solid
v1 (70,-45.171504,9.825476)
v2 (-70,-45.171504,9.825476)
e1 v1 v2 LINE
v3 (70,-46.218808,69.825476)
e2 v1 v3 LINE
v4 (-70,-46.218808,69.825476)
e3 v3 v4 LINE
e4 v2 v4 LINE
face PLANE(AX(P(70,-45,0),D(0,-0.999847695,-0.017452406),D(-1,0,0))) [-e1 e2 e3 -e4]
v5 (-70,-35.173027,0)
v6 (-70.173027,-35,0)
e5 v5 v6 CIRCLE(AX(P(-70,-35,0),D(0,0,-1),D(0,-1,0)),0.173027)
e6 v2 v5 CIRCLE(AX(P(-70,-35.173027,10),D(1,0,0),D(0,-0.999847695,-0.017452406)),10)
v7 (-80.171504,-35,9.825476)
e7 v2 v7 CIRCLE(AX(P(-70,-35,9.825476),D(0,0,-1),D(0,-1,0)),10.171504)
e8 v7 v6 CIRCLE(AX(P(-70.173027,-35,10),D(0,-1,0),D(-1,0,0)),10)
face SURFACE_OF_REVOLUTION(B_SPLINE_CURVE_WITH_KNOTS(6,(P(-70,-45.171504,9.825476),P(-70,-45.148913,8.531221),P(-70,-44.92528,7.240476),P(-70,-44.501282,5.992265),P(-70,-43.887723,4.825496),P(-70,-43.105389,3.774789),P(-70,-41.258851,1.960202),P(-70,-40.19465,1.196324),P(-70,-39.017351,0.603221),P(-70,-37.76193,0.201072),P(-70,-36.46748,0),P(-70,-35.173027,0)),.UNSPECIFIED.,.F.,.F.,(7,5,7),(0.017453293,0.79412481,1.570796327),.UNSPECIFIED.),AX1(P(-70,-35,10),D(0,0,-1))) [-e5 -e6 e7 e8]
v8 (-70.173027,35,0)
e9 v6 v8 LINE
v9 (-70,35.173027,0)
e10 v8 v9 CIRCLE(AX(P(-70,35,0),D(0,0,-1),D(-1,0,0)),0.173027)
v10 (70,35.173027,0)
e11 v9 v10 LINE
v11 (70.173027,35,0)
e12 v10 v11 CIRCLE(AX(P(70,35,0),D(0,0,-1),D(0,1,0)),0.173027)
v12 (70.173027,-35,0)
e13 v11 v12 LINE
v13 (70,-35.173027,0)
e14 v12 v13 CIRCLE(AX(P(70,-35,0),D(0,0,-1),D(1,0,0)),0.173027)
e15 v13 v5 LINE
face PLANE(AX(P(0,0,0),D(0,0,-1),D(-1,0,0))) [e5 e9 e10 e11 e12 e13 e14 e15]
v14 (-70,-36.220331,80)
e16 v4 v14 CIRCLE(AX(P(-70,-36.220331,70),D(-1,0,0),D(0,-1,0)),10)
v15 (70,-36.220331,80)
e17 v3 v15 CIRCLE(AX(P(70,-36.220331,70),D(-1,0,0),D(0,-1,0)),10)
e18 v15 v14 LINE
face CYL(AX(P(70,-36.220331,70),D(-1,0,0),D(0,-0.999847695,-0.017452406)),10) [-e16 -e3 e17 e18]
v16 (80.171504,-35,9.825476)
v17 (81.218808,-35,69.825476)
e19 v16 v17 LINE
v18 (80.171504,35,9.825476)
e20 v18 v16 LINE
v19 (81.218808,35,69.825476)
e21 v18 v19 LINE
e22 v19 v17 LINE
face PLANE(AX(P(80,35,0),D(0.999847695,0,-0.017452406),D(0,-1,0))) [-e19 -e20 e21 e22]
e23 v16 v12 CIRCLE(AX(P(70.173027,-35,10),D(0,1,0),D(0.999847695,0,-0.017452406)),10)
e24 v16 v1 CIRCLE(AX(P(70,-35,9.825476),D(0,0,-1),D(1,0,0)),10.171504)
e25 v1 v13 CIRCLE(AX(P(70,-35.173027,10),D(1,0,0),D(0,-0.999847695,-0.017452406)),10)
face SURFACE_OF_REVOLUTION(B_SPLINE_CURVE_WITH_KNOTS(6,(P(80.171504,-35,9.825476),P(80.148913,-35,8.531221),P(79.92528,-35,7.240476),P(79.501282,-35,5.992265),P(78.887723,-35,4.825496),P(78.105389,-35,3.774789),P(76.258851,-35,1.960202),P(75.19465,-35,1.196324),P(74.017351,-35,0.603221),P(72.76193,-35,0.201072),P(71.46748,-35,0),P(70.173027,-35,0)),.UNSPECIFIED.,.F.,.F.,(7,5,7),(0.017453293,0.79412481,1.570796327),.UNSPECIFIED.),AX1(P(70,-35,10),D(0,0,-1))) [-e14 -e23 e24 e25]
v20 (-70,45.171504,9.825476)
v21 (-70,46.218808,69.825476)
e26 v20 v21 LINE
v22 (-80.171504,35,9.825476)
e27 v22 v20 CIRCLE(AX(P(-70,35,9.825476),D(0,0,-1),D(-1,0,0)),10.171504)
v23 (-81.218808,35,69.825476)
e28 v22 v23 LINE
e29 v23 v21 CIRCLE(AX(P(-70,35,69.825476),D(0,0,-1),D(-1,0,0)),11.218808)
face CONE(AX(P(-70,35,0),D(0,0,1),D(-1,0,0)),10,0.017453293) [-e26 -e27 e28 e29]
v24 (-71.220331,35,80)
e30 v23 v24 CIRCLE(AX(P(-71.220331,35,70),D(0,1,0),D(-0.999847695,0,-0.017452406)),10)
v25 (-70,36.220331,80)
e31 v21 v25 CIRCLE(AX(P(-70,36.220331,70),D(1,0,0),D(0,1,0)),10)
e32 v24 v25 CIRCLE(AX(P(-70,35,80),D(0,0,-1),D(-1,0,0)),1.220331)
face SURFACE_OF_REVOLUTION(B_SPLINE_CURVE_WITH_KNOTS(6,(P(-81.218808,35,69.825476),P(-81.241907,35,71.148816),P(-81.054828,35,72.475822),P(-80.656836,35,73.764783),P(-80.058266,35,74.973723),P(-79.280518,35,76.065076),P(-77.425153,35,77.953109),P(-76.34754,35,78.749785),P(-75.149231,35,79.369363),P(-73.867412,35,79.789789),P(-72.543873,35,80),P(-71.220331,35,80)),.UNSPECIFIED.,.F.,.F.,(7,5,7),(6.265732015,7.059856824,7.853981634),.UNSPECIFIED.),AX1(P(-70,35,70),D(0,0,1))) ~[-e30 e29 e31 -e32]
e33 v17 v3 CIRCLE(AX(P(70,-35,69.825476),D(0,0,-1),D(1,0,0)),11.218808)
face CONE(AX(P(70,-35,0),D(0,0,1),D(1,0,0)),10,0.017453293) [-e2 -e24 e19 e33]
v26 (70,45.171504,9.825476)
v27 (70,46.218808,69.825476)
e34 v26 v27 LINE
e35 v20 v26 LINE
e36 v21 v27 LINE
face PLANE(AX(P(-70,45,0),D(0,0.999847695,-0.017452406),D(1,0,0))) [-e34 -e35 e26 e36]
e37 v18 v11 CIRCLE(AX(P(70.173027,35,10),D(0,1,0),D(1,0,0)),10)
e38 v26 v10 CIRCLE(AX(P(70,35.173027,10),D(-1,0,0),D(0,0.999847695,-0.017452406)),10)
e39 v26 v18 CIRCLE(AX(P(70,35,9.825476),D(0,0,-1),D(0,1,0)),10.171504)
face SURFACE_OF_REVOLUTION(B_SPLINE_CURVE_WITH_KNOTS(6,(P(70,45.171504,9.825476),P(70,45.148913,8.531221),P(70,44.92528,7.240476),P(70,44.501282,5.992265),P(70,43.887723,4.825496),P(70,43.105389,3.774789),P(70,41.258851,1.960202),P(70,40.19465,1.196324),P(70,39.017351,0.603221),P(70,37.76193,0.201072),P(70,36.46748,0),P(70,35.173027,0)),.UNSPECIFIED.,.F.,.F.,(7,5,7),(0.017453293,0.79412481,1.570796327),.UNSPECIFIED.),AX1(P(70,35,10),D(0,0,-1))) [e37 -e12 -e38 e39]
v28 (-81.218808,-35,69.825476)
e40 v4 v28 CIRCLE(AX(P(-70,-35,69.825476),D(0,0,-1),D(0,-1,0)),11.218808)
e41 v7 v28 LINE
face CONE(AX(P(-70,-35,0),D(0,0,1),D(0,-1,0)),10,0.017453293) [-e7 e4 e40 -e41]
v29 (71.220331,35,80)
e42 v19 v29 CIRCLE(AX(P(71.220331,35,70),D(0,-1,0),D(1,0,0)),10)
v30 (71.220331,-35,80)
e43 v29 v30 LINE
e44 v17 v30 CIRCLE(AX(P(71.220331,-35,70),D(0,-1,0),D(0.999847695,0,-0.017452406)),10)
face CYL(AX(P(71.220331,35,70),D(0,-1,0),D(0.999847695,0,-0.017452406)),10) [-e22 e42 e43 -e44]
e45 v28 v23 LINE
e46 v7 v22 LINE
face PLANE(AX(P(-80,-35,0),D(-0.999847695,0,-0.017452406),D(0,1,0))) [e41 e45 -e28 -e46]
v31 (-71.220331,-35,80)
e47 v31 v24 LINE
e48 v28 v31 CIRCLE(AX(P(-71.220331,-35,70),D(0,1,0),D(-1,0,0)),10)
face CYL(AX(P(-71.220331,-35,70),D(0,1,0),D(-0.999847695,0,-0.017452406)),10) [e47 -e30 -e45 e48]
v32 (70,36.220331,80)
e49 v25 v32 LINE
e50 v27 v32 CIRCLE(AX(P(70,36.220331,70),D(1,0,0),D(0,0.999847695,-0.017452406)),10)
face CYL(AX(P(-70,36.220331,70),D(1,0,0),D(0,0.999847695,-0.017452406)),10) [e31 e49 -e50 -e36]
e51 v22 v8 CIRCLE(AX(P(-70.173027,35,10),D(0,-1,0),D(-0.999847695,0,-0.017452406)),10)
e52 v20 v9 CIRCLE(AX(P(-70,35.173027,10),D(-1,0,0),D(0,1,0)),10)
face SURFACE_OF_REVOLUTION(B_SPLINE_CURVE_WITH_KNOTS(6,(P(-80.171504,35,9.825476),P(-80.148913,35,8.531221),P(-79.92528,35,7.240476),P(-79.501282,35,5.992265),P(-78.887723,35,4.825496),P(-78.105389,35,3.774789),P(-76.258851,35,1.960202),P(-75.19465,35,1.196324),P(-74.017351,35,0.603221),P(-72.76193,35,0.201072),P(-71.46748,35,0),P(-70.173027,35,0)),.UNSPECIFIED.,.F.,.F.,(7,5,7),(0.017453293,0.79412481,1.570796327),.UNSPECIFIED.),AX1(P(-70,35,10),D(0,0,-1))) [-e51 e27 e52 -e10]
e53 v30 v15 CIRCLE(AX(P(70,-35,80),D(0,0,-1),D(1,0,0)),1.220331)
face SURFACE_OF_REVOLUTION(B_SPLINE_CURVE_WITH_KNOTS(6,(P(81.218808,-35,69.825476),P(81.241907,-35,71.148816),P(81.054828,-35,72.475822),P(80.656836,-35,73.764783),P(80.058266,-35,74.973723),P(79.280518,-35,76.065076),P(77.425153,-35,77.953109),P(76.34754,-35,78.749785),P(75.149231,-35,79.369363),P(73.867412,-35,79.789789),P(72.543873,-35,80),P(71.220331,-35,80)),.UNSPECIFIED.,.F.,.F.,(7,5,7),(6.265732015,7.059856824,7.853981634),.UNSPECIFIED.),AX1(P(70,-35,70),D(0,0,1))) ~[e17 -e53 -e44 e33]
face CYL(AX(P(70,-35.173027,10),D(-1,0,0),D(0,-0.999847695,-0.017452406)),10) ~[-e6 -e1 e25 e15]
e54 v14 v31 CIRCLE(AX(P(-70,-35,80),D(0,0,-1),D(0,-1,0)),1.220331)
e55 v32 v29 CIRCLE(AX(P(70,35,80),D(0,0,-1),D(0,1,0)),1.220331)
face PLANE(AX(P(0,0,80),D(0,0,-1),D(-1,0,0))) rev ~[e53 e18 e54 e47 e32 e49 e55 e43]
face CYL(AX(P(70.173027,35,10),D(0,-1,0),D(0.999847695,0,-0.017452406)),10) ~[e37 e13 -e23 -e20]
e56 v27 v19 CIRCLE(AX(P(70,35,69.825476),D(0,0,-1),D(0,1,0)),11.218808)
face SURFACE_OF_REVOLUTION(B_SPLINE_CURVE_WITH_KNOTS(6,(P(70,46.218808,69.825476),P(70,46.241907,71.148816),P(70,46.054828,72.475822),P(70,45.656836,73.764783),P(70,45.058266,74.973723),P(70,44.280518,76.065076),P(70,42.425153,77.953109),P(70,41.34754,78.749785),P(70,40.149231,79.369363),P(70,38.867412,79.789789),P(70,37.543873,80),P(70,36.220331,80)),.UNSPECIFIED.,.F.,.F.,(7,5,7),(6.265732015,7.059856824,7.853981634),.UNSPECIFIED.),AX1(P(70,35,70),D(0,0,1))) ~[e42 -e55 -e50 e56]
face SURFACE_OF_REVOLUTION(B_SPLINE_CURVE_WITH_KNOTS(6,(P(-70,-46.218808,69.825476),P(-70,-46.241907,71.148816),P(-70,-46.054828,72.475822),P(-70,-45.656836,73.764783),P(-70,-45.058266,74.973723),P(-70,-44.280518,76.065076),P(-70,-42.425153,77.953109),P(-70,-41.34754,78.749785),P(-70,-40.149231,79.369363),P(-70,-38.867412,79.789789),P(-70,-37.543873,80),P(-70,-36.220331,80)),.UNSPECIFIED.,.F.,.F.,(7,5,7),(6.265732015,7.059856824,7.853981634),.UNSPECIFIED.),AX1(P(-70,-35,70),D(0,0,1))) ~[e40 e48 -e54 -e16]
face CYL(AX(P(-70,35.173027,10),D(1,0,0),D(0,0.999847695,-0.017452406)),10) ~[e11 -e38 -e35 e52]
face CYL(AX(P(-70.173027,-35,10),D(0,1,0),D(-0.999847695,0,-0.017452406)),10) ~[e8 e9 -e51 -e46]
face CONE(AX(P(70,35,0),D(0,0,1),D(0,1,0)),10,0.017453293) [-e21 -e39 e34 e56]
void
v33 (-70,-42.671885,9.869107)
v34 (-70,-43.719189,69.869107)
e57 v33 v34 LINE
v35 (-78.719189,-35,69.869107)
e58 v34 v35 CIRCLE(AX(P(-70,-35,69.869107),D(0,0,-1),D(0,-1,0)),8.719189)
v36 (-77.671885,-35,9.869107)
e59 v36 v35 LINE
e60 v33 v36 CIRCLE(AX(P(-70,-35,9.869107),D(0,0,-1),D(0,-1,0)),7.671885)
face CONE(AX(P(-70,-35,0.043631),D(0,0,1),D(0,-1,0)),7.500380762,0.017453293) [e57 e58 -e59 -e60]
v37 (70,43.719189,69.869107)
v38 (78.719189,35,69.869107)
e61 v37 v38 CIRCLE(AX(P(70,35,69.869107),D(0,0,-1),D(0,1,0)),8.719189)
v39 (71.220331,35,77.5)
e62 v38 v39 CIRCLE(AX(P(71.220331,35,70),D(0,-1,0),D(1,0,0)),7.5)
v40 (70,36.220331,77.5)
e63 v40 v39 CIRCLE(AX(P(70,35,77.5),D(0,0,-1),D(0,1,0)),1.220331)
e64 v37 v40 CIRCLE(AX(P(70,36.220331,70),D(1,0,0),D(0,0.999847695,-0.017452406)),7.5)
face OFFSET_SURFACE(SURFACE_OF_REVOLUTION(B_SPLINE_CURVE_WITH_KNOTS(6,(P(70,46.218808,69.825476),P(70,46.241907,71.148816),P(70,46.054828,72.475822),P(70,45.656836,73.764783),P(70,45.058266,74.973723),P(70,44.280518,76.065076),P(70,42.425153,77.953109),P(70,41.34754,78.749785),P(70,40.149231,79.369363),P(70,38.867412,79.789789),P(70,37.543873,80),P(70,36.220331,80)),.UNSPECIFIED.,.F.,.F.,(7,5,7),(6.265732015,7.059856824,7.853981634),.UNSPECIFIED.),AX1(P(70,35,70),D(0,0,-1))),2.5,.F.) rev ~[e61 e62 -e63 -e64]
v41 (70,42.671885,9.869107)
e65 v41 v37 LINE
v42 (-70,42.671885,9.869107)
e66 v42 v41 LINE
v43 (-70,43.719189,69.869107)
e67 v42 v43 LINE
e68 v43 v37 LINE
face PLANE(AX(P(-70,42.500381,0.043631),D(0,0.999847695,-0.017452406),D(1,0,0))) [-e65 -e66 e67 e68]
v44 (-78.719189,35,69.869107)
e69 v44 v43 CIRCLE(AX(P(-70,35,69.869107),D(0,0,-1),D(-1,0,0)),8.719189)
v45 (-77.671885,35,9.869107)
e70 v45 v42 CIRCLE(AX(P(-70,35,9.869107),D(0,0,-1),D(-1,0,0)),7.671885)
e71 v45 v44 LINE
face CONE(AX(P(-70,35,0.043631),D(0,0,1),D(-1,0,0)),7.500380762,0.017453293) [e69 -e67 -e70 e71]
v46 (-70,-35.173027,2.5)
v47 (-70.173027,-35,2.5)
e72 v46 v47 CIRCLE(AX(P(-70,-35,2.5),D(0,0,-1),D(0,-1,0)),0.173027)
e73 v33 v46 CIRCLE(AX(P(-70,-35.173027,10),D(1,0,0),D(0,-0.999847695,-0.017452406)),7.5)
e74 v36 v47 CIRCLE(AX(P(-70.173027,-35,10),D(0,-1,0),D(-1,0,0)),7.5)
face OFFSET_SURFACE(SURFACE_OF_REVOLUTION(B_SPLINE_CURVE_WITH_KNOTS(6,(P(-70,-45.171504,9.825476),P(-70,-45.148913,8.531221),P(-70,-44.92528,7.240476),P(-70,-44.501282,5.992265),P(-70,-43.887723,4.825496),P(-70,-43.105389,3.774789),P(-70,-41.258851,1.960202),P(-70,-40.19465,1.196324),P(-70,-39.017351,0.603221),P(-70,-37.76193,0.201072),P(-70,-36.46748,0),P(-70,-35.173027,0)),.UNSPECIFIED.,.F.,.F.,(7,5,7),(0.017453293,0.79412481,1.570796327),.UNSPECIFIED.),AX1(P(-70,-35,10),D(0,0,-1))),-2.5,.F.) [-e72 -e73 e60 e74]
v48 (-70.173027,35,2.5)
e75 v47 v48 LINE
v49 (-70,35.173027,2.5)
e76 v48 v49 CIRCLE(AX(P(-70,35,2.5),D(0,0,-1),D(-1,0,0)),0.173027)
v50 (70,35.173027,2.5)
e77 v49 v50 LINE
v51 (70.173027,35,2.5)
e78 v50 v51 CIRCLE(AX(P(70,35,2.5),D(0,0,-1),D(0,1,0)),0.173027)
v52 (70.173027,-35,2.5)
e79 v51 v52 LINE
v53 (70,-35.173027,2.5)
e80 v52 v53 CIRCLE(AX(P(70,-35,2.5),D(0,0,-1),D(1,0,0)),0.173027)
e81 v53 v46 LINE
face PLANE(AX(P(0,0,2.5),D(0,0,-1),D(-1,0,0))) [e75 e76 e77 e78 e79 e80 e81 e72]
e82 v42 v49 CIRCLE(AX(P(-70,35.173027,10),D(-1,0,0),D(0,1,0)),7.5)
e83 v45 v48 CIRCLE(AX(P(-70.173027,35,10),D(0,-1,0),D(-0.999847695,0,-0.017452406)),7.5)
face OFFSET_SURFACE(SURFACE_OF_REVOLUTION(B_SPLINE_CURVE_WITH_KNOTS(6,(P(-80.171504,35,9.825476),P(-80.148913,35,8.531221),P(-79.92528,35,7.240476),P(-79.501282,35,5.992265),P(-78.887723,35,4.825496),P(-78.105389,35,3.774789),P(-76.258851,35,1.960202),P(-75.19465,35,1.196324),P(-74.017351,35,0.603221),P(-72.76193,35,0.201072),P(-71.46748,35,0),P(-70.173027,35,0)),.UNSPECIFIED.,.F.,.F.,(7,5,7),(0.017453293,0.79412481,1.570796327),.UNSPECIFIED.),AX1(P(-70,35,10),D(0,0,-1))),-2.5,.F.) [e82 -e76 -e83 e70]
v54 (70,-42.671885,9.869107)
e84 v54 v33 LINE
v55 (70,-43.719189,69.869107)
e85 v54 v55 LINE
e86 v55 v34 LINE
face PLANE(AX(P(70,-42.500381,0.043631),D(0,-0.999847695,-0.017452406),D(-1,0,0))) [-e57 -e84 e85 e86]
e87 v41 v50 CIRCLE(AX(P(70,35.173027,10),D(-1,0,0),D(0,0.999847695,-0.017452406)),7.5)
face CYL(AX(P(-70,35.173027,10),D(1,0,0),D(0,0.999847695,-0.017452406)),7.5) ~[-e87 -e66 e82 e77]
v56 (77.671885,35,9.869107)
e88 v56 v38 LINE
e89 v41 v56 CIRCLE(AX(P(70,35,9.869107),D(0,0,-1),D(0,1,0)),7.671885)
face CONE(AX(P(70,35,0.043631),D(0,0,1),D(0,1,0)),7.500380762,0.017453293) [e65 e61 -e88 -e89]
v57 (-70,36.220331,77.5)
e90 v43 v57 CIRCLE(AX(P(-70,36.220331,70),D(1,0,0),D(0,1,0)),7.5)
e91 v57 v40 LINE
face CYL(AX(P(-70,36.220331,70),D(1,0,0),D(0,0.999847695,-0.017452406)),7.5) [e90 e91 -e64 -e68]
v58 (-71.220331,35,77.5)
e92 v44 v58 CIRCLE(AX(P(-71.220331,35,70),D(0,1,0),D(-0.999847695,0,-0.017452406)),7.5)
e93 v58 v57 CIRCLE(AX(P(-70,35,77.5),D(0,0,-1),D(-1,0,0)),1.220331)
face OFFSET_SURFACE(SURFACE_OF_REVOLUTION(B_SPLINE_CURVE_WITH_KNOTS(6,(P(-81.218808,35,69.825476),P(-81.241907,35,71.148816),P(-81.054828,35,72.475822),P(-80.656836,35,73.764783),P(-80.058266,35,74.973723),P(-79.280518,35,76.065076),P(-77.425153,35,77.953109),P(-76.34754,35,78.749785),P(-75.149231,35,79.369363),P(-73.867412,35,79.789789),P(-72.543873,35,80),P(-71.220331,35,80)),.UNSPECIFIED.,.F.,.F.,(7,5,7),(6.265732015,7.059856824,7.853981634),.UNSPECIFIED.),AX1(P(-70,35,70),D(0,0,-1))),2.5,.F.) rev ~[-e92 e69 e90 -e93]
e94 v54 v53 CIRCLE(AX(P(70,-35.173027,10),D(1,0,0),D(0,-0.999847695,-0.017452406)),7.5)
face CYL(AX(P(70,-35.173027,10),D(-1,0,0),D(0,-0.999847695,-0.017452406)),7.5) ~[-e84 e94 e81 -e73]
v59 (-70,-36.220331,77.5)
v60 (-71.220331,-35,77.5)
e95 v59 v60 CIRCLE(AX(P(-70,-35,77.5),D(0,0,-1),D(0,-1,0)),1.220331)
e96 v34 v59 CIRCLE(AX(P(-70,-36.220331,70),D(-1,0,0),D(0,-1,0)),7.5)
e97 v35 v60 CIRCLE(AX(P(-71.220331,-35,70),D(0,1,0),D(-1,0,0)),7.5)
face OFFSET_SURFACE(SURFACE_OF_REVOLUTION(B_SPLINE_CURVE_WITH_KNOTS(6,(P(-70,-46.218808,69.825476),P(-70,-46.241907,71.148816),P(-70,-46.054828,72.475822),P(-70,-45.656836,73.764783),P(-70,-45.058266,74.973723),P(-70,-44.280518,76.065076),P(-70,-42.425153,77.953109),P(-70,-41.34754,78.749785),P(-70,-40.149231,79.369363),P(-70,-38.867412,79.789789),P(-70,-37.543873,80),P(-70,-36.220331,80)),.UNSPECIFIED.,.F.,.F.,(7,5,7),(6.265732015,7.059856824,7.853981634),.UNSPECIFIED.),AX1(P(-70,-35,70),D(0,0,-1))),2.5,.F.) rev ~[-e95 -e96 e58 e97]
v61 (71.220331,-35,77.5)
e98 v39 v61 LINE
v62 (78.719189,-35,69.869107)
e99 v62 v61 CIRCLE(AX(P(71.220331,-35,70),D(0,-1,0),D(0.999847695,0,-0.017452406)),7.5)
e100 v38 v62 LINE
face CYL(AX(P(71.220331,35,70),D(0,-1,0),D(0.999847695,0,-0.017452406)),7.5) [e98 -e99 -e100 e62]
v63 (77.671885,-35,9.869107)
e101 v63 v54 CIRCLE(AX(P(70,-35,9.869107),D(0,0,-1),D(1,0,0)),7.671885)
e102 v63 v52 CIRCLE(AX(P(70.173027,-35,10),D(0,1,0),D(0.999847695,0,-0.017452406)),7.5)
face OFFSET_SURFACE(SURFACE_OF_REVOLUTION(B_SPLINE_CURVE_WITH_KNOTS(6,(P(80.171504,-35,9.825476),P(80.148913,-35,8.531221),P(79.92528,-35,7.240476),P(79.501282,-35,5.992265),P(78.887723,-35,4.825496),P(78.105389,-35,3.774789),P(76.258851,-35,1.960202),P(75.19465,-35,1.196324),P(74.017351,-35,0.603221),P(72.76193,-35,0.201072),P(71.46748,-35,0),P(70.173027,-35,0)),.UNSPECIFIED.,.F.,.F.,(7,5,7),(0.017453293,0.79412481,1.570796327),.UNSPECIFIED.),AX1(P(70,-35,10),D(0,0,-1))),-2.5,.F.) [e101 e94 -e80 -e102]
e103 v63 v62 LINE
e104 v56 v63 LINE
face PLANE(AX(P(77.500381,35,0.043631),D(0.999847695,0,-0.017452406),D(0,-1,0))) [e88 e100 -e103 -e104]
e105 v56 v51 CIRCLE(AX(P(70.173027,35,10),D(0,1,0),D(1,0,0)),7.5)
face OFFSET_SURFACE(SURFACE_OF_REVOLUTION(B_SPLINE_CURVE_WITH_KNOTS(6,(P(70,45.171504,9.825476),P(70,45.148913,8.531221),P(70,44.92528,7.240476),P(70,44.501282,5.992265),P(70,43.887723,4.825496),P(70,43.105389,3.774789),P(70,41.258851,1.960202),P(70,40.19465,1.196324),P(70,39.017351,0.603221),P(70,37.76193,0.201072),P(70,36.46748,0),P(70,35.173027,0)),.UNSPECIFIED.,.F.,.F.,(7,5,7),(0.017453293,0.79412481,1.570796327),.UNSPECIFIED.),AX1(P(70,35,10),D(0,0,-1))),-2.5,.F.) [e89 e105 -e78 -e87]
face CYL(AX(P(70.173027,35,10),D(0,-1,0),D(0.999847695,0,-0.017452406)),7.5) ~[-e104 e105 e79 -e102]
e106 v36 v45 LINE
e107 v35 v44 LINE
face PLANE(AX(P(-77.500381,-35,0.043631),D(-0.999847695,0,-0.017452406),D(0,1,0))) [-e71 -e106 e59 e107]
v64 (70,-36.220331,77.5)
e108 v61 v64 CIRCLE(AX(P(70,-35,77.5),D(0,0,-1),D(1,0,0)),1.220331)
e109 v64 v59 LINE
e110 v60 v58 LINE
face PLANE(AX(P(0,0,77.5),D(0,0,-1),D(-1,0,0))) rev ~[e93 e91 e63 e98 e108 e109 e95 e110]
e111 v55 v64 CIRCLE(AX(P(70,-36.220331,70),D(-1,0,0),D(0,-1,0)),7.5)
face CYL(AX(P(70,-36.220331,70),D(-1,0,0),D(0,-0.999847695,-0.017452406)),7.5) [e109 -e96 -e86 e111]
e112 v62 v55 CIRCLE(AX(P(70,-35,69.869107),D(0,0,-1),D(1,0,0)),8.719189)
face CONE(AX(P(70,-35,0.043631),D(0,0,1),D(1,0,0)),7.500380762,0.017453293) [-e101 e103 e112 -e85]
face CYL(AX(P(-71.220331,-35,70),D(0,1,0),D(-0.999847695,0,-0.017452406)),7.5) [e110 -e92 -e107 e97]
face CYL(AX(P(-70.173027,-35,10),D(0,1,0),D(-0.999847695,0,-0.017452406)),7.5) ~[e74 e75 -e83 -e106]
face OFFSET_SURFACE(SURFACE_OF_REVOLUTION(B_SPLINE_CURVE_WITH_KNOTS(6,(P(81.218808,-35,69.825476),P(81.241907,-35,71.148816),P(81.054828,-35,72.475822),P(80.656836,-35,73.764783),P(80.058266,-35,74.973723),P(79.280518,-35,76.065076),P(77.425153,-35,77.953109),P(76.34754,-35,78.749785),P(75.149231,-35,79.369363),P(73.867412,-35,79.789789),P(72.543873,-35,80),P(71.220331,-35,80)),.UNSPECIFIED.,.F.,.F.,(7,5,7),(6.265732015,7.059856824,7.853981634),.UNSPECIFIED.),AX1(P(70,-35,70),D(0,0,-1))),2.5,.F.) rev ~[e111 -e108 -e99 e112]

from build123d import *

# Parameters (mm, degrees)
BOSS_EXTRUDE1_DEPTH = 80
DRAFT1_ANGLE        = 1
FILLET1_R           = 10
SHELL2_T            = 2.5


with BuildPart() as part:
    # Sketch1 → Boss-Extrude1 (new body)
    with BuildSketch(Plane.XY):
        with BuildLine():
            Line((-70, 45), (70, 45))
            ThreePointArc((70, 45), (77.071067812, 42.071067812), (80, 35))
            Line((80, 35), (80, -35))
            ThreePointArc((80, -35), (77.071067812, -42.071067812), (70, -45))
            Line((70, -45), (-70, -45))
            ThreePointArc((-70, -45), (-77.071067812, -42.071067812), (-80, -35))
            Line((-80, -35), (-80, 35))
            ThreePointArc((-80, 35), (-77.071067812, 42.071067812), (-70, 45))
        make_face()
    extrude(amount=BOSS_EXTRUDE1_DEPTH)

    # Draft1
    draft1_faces = [part.faces().sort_by_distance(p)[0] for p in [
        (-77.071067812, -42.071067812, 40),
        (-77.071067812, 42.071067812, 40),
        (77.071067812, 42.071067812, 40),
        (77.071067812, -42.071067812, 40),
        (80, 0, 40),
        (0, -45, 40),
        (-80, 0, 40),
        (0, 45, 40),
    ]]
    draft(draft1_faces, Plane(origin=(-70, 35, 0), x_dir=(-1, 0, 0), z_dir=(0, 0, -1)), DRAFT1_ANGLE)

    # Fillet1
    fillet1_edges = [part.edges().sort_by_distance(p)[0] for p in [
        (0, -45, 0),
        (-77.071067812, -42.071067812, 0),
        (-80, 0, 0),
        (-77.071067812, 42.071067812, 0),
        (-78.058475394, -43.058475394, 80),
        (0, -46.396405194, 80),
        (78.058475394, -43.058475394, 80),
        (81.396405194, 0, 80),
        (78.058475394, 43.058475394, 80),
        (0, 46.396405194, 80),
        (-78.058475394, 43.058475394, 80),
        (0, 45, 0),
        (-81.396405194, 0, 80),
        (77.071067812, 42.071067812, 0),
        (80, 0, 0),
        (77.071067812, -42.071067812, 0),
    ]]
    fillet(fillet1_edges, radius=FILLET1_R)

    # Shell2 (no face opened: a closed hollow body)
    add(offset(amount=-SHELL2_T, mode=Mode.PRIVATE), mode=Mode.SUBTRACT)


solid = part.part
